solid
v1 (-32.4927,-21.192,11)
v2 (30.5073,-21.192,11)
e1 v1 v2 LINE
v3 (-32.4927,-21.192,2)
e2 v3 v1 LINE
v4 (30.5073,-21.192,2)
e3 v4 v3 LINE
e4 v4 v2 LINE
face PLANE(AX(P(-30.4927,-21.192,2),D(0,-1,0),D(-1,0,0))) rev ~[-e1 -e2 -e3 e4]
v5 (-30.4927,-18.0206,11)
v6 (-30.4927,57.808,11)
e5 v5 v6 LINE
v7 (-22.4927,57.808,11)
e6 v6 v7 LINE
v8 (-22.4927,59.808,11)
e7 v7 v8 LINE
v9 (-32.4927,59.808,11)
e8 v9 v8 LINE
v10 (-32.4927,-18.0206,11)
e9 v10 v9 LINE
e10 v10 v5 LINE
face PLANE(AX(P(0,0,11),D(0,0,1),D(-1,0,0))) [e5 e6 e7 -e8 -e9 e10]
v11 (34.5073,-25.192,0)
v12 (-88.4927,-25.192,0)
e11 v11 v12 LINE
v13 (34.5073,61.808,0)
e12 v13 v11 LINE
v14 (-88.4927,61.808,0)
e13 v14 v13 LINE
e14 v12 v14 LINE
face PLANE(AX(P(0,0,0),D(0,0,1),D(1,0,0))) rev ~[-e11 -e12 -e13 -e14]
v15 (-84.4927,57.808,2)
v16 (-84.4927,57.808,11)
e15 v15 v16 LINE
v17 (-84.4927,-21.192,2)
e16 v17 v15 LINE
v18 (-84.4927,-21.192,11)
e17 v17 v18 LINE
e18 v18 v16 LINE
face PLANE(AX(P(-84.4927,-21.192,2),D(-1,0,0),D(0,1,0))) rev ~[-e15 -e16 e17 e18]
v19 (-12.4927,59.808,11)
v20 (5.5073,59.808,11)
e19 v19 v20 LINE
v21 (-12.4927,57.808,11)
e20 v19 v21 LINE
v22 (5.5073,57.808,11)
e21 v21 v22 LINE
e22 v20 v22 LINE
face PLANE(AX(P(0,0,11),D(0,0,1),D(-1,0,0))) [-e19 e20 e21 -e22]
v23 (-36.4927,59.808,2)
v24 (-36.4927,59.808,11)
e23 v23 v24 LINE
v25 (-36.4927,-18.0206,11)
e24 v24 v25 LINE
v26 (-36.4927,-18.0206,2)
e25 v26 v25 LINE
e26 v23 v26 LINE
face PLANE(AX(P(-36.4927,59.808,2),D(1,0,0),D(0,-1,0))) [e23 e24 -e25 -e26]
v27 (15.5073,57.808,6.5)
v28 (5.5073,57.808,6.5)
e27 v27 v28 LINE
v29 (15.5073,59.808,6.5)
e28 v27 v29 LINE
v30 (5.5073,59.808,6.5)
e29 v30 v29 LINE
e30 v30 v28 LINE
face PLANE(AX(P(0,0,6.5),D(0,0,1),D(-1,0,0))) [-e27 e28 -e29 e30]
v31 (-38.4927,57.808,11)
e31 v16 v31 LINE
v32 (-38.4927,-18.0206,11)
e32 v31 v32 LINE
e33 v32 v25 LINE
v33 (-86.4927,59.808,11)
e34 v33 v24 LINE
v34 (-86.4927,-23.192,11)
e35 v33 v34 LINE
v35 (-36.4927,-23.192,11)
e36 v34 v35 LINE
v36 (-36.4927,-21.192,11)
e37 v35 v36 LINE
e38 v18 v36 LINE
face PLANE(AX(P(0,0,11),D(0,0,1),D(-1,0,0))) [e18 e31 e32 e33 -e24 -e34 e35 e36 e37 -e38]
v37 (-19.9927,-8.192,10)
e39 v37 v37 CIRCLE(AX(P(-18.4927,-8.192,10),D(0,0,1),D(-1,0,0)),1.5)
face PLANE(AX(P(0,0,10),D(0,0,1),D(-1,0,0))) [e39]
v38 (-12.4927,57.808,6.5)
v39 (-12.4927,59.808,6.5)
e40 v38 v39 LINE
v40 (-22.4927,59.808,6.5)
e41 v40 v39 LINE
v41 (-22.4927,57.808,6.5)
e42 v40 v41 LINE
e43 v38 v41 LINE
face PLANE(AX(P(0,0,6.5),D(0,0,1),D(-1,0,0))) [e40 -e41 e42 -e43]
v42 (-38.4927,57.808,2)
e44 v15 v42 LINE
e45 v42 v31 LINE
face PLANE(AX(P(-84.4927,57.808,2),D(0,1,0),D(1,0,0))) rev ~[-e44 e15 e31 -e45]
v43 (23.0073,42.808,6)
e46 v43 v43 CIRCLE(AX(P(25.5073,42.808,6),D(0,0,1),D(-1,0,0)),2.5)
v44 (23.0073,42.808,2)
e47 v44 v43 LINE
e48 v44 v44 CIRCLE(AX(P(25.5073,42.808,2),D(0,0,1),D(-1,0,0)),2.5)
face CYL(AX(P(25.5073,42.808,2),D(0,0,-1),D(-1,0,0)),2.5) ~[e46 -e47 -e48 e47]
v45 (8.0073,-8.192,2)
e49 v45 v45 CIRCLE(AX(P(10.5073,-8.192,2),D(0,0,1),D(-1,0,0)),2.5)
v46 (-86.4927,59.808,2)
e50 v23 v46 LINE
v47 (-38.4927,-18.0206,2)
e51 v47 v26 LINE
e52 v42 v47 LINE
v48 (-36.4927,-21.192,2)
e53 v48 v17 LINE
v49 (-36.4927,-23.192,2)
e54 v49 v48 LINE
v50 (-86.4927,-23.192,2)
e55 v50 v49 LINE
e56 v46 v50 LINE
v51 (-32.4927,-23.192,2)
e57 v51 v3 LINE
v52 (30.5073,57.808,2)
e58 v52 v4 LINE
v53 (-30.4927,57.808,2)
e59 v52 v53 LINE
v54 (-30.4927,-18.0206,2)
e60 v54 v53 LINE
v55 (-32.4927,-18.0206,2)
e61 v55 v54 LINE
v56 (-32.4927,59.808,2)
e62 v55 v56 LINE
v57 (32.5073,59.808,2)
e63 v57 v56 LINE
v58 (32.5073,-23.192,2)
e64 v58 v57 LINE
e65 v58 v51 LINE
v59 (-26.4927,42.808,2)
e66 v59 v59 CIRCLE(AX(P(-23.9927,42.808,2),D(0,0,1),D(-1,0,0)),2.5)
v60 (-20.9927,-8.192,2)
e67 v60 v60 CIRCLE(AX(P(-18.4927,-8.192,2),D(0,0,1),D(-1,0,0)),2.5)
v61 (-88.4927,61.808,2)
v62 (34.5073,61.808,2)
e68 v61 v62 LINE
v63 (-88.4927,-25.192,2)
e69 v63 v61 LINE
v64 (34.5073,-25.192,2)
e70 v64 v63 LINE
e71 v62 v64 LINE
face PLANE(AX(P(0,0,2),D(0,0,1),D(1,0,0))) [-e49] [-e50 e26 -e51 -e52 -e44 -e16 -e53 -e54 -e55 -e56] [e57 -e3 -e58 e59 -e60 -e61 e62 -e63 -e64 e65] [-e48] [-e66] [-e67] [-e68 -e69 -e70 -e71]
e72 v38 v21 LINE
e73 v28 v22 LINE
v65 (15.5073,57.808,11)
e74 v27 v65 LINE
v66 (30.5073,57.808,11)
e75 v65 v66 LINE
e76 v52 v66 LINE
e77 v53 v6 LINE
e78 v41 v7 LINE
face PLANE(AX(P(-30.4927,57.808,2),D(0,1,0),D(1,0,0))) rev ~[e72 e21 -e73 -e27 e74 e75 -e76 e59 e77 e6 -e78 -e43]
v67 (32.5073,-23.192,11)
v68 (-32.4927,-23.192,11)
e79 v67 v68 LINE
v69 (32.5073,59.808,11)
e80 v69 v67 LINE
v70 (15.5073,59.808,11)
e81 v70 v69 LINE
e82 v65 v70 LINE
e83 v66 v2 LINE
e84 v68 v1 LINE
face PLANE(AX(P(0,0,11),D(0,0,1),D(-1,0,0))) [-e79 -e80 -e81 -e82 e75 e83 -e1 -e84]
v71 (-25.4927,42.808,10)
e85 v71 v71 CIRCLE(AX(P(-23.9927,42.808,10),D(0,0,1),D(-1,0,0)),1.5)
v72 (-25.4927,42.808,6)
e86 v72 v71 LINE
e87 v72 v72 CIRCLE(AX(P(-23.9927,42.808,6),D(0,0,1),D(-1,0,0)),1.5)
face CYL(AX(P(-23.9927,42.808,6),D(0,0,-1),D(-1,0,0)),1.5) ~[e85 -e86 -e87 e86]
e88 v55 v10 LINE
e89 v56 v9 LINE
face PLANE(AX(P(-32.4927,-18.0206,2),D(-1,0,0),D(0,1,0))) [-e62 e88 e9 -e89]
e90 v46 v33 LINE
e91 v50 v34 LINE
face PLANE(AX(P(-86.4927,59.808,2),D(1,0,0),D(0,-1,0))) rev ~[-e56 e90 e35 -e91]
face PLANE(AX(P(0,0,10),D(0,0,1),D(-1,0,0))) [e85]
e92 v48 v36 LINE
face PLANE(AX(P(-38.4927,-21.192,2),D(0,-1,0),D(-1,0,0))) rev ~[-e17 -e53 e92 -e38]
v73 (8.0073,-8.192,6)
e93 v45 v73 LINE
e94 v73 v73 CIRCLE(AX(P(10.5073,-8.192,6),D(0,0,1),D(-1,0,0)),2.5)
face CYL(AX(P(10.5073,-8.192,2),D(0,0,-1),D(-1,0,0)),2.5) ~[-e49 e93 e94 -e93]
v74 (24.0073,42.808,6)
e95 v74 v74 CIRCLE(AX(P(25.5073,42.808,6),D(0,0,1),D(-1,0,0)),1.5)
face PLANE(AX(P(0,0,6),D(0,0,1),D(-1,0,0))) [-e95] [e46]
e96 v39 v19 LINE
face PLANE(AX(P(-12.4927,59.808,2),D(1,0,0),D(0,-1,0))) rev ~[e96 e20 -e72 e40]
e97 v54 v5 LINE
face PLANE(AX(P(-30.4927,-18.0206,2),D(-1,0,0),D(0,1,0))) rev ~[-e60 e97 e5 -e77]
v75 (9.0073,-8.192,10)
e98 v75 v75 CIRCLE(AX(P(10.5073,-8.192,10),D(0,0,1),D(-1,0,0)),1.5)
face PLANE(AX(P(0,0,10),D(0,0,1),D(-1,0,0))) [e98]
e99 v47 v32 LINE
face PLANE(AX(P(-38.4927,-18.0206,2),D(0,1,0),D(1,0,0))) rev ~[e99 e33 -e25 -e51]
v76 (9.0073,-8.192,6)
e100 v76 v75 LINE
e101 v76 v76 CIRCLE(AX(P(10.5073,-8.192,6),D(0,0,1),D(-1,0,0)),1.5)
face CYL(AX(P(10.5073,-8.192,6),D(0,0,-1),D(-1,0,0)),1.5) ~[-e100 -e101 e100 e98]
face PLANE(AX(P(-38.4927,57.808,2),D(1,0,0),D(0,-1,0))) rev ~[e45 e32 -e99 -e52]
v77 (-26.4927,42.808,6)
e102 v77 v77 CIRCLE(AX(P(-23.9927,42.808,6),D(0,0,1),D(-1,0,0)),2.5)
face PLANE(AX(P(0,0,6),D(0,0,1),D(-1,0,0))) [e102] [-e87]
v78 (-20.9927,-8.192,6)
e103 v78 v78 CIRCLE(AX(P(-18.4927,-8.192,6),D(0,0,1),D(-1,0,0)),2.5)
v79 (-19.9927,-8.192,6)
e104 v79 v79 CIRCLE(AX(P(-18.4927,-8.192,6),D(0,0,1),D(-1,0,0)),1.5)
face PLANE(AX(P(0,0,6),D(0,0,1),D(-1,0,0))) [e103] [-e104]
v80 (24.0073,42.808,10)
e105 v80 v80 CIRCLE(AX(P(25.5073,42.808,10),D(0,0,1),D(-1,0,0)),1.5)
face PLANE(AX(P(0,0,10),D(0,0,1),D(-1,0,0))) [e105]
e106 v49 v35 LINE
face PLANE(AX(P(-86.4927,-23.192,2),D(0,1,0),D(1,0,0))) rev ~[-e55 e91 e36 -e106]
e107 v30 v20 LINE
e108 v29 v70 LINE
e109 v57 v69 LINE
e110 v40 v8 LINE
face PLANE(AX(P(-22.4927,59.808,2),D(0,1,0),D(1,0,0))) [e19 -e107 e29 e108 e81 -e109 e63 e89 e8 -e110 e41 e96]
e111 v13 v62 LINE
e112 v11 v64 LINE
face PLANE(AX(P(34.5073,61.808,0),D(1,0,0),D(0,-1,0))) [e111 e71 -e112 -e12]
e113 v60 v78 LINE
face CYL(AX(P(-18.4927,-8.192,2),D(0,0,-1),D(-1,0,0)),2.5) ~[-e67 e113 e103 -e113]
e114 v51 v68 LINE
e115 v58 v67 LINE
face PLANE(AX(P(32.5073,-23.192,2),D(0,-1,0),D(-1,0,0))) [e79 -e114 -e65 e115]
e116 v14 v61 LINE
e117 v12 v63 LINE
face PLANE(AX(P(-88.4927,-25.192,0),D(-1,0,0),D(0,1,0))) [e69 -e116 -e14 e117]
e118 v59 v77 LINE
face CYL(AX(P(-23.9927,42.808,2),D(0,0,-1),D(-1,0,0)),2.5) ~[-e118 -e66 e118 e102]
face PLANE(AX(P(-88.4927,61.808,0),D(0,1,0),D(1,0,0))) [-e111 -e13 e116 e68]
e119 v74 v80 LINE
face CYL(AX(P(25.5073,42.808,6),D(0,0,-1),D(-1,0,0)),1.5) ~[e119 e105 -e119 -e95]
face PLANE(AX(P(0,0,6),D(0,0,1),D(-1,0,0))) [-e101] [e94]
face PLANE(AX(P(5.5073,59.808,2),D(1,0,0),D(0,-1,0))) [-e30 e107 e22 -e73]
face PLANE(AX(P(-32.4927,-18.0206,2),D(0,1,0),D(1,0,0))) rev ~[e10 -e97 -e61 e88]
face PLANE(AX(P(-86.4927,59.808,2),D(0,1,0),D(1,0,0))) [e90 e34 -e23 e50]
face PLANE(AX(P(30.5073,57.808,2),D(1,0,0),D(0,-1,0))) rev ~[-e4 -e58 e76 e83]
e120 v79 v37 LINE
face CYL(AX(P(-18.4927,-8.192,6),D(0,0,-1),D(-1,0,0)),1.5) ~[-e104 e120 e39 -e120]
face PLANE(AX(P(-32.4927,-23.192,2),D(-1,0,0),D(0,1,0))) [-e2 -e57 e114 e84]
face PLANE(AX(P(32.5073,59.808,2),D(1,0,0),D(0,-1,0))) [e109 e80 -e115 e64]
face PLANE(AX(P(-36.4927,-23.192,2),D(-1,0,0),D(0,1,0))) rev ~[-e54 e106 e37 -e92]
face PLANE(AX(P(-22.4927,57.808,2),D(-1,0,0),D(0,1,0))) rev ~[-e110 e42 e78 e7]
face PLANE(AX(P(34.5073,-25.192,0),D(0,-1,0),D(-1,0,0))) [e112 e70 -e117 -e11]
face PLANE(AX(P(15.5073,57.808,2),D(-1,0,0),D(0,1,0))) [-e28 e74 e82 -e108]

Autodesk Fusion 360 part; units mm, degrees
sketch "Sketch1" plane through (0, 0, 0) normal (0, 0, 1) x (1, 0, 0)
  line L0 (-88.4927, 61.808) -> (34.5073, 61.808)
  line L1 (34.5073, 61.808) -> (34.5073, -25.192)
  line L2 (34.5073, -25.192) -> (-88.4927, -25.192)
  line L3 (-88.4927, -25.192) -> (-88.4927, 61.808)
  dimension "d1" = 123
  dimension "d2" = 87
extrude "Extrude1" add sketch "Sketch1" along normal blind 2
sketch "Sketch2" plane through (0, 0, 2) normal (0, 0, 1) x (-1, 0, 0)
  line L0 (88.4927, 25.192) -> (-34.5073, 25.192)
  line L1 (-34.5073, 25.192) -> (-34.5073, -61.808)
  line L2 (-34.5073, -61.808) -> (88.4927, -61.808)
  line L3 (88.4927, -61.808) -> (88.4927, 25.192)
  line L4 (88.4927, -61.808) -> (88.4927, -59.808)
  line L5 (88.4927, -61.808) -> (86.4927, -61.808)
  line L6 (86.4927, -61.808) -> (86.4927, -59.808)
  line L7 (86.4927, -59.808) -> (36.4927, -59.808)
  line L8 (88.4927, 25.192) -> (86.4927, 25.192)
  line L9 (86.4927, -59.808) -> (86.4927, 23.192)
  line L10 (86.4927, 23.192) -> (36.4927, 23.192)
  line L11 (86.4927, -59.808) -> (84.4927, -59.808)
  line L12 (36.4927, 23.192) -> (36.4927, 21.192)
  line L13 (36.4927, 21.192) -> (38.4927, 21.192)
  line L14 (84.4927, -57.808) -> (38.4927, -57.808)
  line L15 (38.4927, -57.808) -> (38.4927, 18.0206)
  line L16 (38.4927, 21.192) -> (84.4927, 21.192)
  line L17 (84.4927, 21.192) -> (84.4927, -57.808)
  line L18 (38.4927, 18.0206) -> (36.4927, 18.0206)
  line L19 (36.4927, -59.808) -> (36.4927, 18.0206)
  line L20 (36.4927, 21.192) -> (36.4927, 23.192)
  line L21 (-34.5073, 25.192) -> (-34.5073, 23.192)
  line L22 (-34.5073, 23.192) -> (-32.5073, 23.192)
  line L23 (-32.5073, -59.808) -> (-32.5073, 23.192)
  line L24 (-32.5073, 23.192) -> (32.4927, 23.192)
  line L25 (32.4927, -59.808) -> (30.4927, -59.808)
  line L26 (-32.5073, 23.192) -> (-32.5073, 21.192)
  line L27 (-30.5073, -57.808) -> (-30.5073, 21.192)
  line L28 (-30.5073, 21.192) -> (30.4927, 21.192)
  line L29 (30.4927, 18.0206) -> (30.4927, -57.808)
  line L30 (32.4927, 18.0206) -> (30.4927, 18.0206)
  line L31 (30.4927, 21.192) -> (32.4927, 21.192)
  line L32 (32.4927, 23.192) -> (32.4927, 21.192)
  line L33 (32.4927, 18.0206) -> (32.4927, -59.808)
  line L34 (30.4927, -59.808) -> (22.4927, -59.808)
  line L35 (12.4927, -59.808) -> (12.4927, -57.808)
  line L36 (22.4927, -57.808) -> (22.4927, -59.808)
  line L37 (30.4927, -57.808) -> (22.4927, -57.808)
  line L38 (32.4927, -59.808) -> (22.4927, -59.808)
  line L39 (12.4927, -59.808) -> (-32.5073, -59.808)
  line L40 (-32.5073, -59.808) -> (-15.5073, -59.808)
  line L41 (-5.5073, -59.808) -> (-5.5073, -57.808)
  line L42 (-5.5073, -57.808) -> (-15.5073, -57.808)
  line L43 (-15.5073, -57.808) -> (-15.5073, -59.808)
  line L44 (12.4927, -57.808) -> (-5.5073, -57.808)
  line L45 (-15.5073, -57.808) -> (-30.5073, -57.808)
  dimension "d5" = 2
  dimension "d6" = 2
  dimension "d7" = 2
  dimension "d8" = 50
  dimension "d9" = 2
  dimension "d10" = 2
  dimension "d11" = 50
  dimension "d12" = 2
  dimension "d13" = 2
  dimension "d14" = 2
  dimension "d15" = 2
  dimension "d17" = 4
  dimension "d18" = 2
  dimension "d19" = 2
  dimension "d20" = 2
  dimension "d21" = 2
  dimension "d22" = 2
  dimension "d23" = 2
  dimension "d24" = 8
  dimension "d25" = 10
  dimension "d26" = 17
  dimension "d27" = 10
extrude "Extrude2" add sketch "Sketch2" along normal blind 9 contours L23 L24 L26 L27 L28 L31 L32 L39 L40 L43 L45 | L7 L9 L10 L11 L12 L13 L14 L15 L16 L17 L18 L19 L20 | L35 L39 L41 L44 | L25 L29 L30 L33 L34 L36 L37 L38
sketch "Sketch3" plane through (0, 0, 2) normal (0, 0, 1) x (-1, 0, 0)
  line L0 (12.4927, -59.808) -> (-5.5073, -59.808)
  line L1 (-5.5073, -59.808) -> (-5.5073, -57.808)
  line L2 (-5.5073, -57.808) -> (12.4927, -57.808)
  line L3 (12.4927, -57.808) -> (12.4927, -59.808)
  line L4 (36.4927, 21.192) -> (36.4927, 23.192)
  line L5 (36.4927, 23.192) -> (86.4927, 23.192)
  line L6 (86.4927, 23.192) -> (86.4927, -59.808)
  line L7 (86.4927, -59.808) -> (36.4927, -59.808)
  line L8 (36.4927, -59.808) -> (36.4927, 18.0206)
  line L9 (36.4927, 18.0206) -> (38.4927, 18.0206)
  line L10 (38.4927, 18.0206) -> (38.4927, -57.808)
  line L11 (38.4927, -57.808) -> (84.4927, -57.808)
  line L12 (84.4927, -57.808) -> (84.4927, 21.192)
  line L13 (84.4927, 21.192) -> (36.4927, 21.192)
  line L14 (-32.5073, -59.808) -> (-32.5073, 23.192)
  line L15 (-32.5073, 23.192) -> (32.4927, 23.192)
  line L16 (32.4927, 23.192) -> (32.4927, 21.192)
  line L17 (32.4927, 21.192) -> (-30.5073, 21.192)
  line L18 (-30.5073, 21.192) -> (-30.5073, -57.808)
  line L19 (-30.5073, -57.808) -> (-15.5073, -57.808)
  line L20 (-15.5073, -57.808) -> (-15.5073, -59.808)
  line L21 (-15.5073, -59.808) -> (-32.5073, -59.808)
  line L22 (32.4927, 18.0206) -> (32.4927, -59.808)
  line L23 (32.4927, -59.808) -> (22.4927, -59.808)
  line L24 (22.4927, -59.808) -> (22.4927, -57.808)
  line L25 (22.4927, -57.808) -> (30.4927, -57.808)
  line L26 (30.4927, -57.808) -> (30.4927, 18.0206)
  line L27 (30.4927, 18.0206) -> (32.4927, 18.0206)
  line L28 (88.4927, 25.192) -> (-34.5073, 25.192)
  line L29 (-34.5073, 25.192) -> (-34.5073, -61.808)
  line L30 (-34.5073, -61.808) -> (88.4927, -61.808)
  line L31 (88.4927, -61.808) -> (88.4927, 25.192)
  line L32 (-5.5073, -59.808) -> (-15.5073, -59.808)
  line L33 (-15.5073, -59.808) -> (-15.5073, -57.808)
  line L34 (-15.5073, -57.808) -> (-5.5073, -57.808)
  line L35 (-5.5073, -57.808) -> (-5.5073, -59.808)
extrude "Extrude3" add sketch "Sketch3" along normal blind 4.5 contours L1 L20 L32 L33 L34 L35
sketch "Sketch4" plane through (0, 0, 2) normal (0, 0, 1) x (-1, 0, 0)
  line L0 (88.4927, 25.192) -> (-34.5073, 25.192)
  line L1 (-34.5073, 25.192) -> (-34.5073, -61.808)
  line L2 (-34.5073, -61.808) -> (88.4927, -61.808)
  line L3 (88.4927, -61.808) -> (88.4927, 25.192)
  line L4 (32.4927, 18.0206) -> (32.4927, -59.808)
  line L5 (32.4927, -59.808) -> (22.4927, -59.808)
  line L6 (22.4927, -59.808) -> (22.4927, -57.808)
  line L7 (22.4927, -57.808) -> (30.4927, -57.808)
  line L8 (30.4927, -57.808) -> (30.4927, 18.0206)
  line L9 (30.4927, 18.0206) -> (32.4927, 18.0206)
  line L10 (12.4927, -59.808) -> (-32.5073, -59.808)
  line L11 (-32.5073, -59.808) -> (-32.5073, 23.192)
  line L12 (-32.5073, 23.192) -> (32.4927, 23.192)
  line L13 (32.4927, 23.192) -> (32.4927, 21.192)
  line L14 (32.4927, 21.192) -> (-30.5073, 21.192)
  line L15 (-30.5073, 21.192) -> (-30.5073, -57.808)
  line L16 (-30.5073, -57.808) -> (12.4927, -57.808)
  line L17 (12.4927, -57.808) -> (12.4927, -59.808)
  line L18 (36.4927, 21.192) -> (36.4927, 23.192)
  line L19 (36.4927, 23.192) -> (86.4927, 23.192)
  line L20 (86.4927, 23.192) -> (86.4927, -59.808)
  line L21 (86.4927, -59.808) -> (36.4927, -59.808)
  line L22 (36.4927, -59.808) -> (36.4927, 18.0206)
  line L23 (36.4927, 18.0206) -> (38.4927, 18.0206)
  line L24 (38.4927, 18.0206) -> (38.4927, -57.808)
  line L25 (38.4927, -57.808) -> (84.4927, -57.808)
  line L26 (84.4927, -57.808) -> (84.4927, 21.192)
  line L27 (84.4927, 21.192) -> (36.4927, 21.192)
  circle A0 centre (23.9927, -42.808) radius 2.5
  circle A1 centre (-25.5073, -42.808) radius 2.5
  circle A2 centre (-10.5073, 8.192) radius 2.5
  circle A3 centre (18.4927, 8.192) radius 2.5
  dimension "d34" = 5
  dimension "d36" = 5
  dimension "d39" = 5
  dimension "d41" = 5
extrude "Extrude4" add sketch "Sketch4" along normal blind 4 contours A0 | A1 | A2 | A3
sketch "Sketch5" plane through (0, 0, 6) normal (0, 0, 1) x (-1, 0, 0)
  circle A0 centre (23.9927, -42.808) radius 2.5
  circle A1 centre (23.9927, -42.808) radius 1.5
  dimension "d44" = 3
extrude "Extrude5" add sketch "Sketch5" along normal blind 4 contours A1
sketch "Sketch6" plane through (0, 0, 6) normal (0, 0, 1) x (-1, 0, 0)
  circle A0 centre (-25.5073, -42.808) radius 2.5
  circle A1 centre (-25.5073, -42.808) radius 1.5
  dimension "d47" = 3
extrude "Extrude6" add sketch "Sketch6" along normal blind 4 contours A1
sketch "Sketch7" plane through (0, 0, 6) normal (0, 0, 1) x (-1, 0, 0)
  circle A0 centre (18.4927, 8.192) radius 2.5
  circle A1 centre (18.4927, 8.192) radius 1.5
  dimension "d50" = 3
extrude "Extrude7" add sketch "Sketch7" along normal blind 4 contours A1
sketch "Sketch8" plane through (0, 0, 6) normal (0, 0, 1) x (-1, 0, 0)
  circle A0 centre (-10.5073, 8.192) radius 2.5
  circle A1 centre (-10.5073, 8.192) radius 1.5
  dimension "d53" = 3
extrude "Extrude8" add sketch "Sketch8" along normal blind 4 contours A1
sketch "Sketch9" plane through (0, 0, 2) normal (0, 0, 1) x (-1, 0, 0)
  circle A0 centre (18.4927, 8.192) radius 2.5
  circle A1 centre (23.9927, -42.808) radius 2.5
  circle A2 centre (-10.5073, 8.192) radius 2.5
  circle A3 centre (-25.5073, -42.808) radius 2.5
  line L0 (88.4927, 25.192) -> (-34.5073, 25.192)
  line L1 (-34.5073, 25.192) -> (-34.5073, -61.808)
  line L2 (-34.5073, -61.808) -> (88.4927, -61.808)
  line L3 (88.4927, -61.808) -> (88.4927, 25.192)
  line L4 (32.4927, 18.0206) -> (32.4927, -59.808)
  line L5 (32.4927, -59.808) -> (22.4927, -59.808)
  line L6 (22.4927, -59.808) -> (22.4927, -57.808)
  line L7 (22.4927, -57.808) -> (30.4927, -57.808)
  line L8 (30.4927, -57.808) -> (30.4927, 18.0206)
  line L9 (30.4927, 18.0206) -> (32.4927, 18.0206)
  line L10 (12.4927, -59.808) -> (-32.5073, -59.808)
  line L11 (-32.5073, -59.808) -> (-32.5073, 23.192)
  line L12 (-32.5073, 23.192) -> (32.4927, 23.192)
  line L13 (32.4927, 23.192) -> (32.4927, 21.192)
  line L14 (32.4927, 21.192) -> (-30.5073, 21.192)
  line L15 (-30.5073, 21.192) -> (-30.5073, -57.808)
  line L16 (-30.5073, -57.808) -> (12.4927, -57.808)
  line L17 (12.4927, -57.808) -> (12.4927, -59.808)
  line L18 (36.4927, 21.192) -> (36.4927, 23.192)
  line L19 (36.4927, 23.192) -> (86.4927, 23.192)
  line L20 (86.4927, 23.192) -> (86.4927, -59.808)
  line L21 (86.4927, -59.808) -> (36.4927, -59.808)
  line L22 (36.4927, -59.808) -> (36.4927, 18.0206)
  line L23 (36.4927, 18.0206) -> (38.4927, 18.0206)
  line L24 (38.4927, 18.0206) -> (38.4927, -57.808)
  line L25 (38.4927, -57.808) -> (84.4927, -57.808)
  line L26 (84.4927, -57.808) -> (84.4927, 21.192)
  line L27 (84.4927, 21.192) -> (36.4927, 21.192)
  line L28 (22.4927, -59.808) -> (12.4927, -59.808)
  line L29 (12.4927, -59.808) -> (12.4927, -57.808)
  line L30 (12.4927, -57.808) -> (22.4927, -57.808)
  line L31 (22.4927, -57.808) -> (22.4927, -59.808)
extrude "Extrude9" add sketch "Sketch9" along normal blind 4.5 contours L6 L17 L28 L29 L30 L31
